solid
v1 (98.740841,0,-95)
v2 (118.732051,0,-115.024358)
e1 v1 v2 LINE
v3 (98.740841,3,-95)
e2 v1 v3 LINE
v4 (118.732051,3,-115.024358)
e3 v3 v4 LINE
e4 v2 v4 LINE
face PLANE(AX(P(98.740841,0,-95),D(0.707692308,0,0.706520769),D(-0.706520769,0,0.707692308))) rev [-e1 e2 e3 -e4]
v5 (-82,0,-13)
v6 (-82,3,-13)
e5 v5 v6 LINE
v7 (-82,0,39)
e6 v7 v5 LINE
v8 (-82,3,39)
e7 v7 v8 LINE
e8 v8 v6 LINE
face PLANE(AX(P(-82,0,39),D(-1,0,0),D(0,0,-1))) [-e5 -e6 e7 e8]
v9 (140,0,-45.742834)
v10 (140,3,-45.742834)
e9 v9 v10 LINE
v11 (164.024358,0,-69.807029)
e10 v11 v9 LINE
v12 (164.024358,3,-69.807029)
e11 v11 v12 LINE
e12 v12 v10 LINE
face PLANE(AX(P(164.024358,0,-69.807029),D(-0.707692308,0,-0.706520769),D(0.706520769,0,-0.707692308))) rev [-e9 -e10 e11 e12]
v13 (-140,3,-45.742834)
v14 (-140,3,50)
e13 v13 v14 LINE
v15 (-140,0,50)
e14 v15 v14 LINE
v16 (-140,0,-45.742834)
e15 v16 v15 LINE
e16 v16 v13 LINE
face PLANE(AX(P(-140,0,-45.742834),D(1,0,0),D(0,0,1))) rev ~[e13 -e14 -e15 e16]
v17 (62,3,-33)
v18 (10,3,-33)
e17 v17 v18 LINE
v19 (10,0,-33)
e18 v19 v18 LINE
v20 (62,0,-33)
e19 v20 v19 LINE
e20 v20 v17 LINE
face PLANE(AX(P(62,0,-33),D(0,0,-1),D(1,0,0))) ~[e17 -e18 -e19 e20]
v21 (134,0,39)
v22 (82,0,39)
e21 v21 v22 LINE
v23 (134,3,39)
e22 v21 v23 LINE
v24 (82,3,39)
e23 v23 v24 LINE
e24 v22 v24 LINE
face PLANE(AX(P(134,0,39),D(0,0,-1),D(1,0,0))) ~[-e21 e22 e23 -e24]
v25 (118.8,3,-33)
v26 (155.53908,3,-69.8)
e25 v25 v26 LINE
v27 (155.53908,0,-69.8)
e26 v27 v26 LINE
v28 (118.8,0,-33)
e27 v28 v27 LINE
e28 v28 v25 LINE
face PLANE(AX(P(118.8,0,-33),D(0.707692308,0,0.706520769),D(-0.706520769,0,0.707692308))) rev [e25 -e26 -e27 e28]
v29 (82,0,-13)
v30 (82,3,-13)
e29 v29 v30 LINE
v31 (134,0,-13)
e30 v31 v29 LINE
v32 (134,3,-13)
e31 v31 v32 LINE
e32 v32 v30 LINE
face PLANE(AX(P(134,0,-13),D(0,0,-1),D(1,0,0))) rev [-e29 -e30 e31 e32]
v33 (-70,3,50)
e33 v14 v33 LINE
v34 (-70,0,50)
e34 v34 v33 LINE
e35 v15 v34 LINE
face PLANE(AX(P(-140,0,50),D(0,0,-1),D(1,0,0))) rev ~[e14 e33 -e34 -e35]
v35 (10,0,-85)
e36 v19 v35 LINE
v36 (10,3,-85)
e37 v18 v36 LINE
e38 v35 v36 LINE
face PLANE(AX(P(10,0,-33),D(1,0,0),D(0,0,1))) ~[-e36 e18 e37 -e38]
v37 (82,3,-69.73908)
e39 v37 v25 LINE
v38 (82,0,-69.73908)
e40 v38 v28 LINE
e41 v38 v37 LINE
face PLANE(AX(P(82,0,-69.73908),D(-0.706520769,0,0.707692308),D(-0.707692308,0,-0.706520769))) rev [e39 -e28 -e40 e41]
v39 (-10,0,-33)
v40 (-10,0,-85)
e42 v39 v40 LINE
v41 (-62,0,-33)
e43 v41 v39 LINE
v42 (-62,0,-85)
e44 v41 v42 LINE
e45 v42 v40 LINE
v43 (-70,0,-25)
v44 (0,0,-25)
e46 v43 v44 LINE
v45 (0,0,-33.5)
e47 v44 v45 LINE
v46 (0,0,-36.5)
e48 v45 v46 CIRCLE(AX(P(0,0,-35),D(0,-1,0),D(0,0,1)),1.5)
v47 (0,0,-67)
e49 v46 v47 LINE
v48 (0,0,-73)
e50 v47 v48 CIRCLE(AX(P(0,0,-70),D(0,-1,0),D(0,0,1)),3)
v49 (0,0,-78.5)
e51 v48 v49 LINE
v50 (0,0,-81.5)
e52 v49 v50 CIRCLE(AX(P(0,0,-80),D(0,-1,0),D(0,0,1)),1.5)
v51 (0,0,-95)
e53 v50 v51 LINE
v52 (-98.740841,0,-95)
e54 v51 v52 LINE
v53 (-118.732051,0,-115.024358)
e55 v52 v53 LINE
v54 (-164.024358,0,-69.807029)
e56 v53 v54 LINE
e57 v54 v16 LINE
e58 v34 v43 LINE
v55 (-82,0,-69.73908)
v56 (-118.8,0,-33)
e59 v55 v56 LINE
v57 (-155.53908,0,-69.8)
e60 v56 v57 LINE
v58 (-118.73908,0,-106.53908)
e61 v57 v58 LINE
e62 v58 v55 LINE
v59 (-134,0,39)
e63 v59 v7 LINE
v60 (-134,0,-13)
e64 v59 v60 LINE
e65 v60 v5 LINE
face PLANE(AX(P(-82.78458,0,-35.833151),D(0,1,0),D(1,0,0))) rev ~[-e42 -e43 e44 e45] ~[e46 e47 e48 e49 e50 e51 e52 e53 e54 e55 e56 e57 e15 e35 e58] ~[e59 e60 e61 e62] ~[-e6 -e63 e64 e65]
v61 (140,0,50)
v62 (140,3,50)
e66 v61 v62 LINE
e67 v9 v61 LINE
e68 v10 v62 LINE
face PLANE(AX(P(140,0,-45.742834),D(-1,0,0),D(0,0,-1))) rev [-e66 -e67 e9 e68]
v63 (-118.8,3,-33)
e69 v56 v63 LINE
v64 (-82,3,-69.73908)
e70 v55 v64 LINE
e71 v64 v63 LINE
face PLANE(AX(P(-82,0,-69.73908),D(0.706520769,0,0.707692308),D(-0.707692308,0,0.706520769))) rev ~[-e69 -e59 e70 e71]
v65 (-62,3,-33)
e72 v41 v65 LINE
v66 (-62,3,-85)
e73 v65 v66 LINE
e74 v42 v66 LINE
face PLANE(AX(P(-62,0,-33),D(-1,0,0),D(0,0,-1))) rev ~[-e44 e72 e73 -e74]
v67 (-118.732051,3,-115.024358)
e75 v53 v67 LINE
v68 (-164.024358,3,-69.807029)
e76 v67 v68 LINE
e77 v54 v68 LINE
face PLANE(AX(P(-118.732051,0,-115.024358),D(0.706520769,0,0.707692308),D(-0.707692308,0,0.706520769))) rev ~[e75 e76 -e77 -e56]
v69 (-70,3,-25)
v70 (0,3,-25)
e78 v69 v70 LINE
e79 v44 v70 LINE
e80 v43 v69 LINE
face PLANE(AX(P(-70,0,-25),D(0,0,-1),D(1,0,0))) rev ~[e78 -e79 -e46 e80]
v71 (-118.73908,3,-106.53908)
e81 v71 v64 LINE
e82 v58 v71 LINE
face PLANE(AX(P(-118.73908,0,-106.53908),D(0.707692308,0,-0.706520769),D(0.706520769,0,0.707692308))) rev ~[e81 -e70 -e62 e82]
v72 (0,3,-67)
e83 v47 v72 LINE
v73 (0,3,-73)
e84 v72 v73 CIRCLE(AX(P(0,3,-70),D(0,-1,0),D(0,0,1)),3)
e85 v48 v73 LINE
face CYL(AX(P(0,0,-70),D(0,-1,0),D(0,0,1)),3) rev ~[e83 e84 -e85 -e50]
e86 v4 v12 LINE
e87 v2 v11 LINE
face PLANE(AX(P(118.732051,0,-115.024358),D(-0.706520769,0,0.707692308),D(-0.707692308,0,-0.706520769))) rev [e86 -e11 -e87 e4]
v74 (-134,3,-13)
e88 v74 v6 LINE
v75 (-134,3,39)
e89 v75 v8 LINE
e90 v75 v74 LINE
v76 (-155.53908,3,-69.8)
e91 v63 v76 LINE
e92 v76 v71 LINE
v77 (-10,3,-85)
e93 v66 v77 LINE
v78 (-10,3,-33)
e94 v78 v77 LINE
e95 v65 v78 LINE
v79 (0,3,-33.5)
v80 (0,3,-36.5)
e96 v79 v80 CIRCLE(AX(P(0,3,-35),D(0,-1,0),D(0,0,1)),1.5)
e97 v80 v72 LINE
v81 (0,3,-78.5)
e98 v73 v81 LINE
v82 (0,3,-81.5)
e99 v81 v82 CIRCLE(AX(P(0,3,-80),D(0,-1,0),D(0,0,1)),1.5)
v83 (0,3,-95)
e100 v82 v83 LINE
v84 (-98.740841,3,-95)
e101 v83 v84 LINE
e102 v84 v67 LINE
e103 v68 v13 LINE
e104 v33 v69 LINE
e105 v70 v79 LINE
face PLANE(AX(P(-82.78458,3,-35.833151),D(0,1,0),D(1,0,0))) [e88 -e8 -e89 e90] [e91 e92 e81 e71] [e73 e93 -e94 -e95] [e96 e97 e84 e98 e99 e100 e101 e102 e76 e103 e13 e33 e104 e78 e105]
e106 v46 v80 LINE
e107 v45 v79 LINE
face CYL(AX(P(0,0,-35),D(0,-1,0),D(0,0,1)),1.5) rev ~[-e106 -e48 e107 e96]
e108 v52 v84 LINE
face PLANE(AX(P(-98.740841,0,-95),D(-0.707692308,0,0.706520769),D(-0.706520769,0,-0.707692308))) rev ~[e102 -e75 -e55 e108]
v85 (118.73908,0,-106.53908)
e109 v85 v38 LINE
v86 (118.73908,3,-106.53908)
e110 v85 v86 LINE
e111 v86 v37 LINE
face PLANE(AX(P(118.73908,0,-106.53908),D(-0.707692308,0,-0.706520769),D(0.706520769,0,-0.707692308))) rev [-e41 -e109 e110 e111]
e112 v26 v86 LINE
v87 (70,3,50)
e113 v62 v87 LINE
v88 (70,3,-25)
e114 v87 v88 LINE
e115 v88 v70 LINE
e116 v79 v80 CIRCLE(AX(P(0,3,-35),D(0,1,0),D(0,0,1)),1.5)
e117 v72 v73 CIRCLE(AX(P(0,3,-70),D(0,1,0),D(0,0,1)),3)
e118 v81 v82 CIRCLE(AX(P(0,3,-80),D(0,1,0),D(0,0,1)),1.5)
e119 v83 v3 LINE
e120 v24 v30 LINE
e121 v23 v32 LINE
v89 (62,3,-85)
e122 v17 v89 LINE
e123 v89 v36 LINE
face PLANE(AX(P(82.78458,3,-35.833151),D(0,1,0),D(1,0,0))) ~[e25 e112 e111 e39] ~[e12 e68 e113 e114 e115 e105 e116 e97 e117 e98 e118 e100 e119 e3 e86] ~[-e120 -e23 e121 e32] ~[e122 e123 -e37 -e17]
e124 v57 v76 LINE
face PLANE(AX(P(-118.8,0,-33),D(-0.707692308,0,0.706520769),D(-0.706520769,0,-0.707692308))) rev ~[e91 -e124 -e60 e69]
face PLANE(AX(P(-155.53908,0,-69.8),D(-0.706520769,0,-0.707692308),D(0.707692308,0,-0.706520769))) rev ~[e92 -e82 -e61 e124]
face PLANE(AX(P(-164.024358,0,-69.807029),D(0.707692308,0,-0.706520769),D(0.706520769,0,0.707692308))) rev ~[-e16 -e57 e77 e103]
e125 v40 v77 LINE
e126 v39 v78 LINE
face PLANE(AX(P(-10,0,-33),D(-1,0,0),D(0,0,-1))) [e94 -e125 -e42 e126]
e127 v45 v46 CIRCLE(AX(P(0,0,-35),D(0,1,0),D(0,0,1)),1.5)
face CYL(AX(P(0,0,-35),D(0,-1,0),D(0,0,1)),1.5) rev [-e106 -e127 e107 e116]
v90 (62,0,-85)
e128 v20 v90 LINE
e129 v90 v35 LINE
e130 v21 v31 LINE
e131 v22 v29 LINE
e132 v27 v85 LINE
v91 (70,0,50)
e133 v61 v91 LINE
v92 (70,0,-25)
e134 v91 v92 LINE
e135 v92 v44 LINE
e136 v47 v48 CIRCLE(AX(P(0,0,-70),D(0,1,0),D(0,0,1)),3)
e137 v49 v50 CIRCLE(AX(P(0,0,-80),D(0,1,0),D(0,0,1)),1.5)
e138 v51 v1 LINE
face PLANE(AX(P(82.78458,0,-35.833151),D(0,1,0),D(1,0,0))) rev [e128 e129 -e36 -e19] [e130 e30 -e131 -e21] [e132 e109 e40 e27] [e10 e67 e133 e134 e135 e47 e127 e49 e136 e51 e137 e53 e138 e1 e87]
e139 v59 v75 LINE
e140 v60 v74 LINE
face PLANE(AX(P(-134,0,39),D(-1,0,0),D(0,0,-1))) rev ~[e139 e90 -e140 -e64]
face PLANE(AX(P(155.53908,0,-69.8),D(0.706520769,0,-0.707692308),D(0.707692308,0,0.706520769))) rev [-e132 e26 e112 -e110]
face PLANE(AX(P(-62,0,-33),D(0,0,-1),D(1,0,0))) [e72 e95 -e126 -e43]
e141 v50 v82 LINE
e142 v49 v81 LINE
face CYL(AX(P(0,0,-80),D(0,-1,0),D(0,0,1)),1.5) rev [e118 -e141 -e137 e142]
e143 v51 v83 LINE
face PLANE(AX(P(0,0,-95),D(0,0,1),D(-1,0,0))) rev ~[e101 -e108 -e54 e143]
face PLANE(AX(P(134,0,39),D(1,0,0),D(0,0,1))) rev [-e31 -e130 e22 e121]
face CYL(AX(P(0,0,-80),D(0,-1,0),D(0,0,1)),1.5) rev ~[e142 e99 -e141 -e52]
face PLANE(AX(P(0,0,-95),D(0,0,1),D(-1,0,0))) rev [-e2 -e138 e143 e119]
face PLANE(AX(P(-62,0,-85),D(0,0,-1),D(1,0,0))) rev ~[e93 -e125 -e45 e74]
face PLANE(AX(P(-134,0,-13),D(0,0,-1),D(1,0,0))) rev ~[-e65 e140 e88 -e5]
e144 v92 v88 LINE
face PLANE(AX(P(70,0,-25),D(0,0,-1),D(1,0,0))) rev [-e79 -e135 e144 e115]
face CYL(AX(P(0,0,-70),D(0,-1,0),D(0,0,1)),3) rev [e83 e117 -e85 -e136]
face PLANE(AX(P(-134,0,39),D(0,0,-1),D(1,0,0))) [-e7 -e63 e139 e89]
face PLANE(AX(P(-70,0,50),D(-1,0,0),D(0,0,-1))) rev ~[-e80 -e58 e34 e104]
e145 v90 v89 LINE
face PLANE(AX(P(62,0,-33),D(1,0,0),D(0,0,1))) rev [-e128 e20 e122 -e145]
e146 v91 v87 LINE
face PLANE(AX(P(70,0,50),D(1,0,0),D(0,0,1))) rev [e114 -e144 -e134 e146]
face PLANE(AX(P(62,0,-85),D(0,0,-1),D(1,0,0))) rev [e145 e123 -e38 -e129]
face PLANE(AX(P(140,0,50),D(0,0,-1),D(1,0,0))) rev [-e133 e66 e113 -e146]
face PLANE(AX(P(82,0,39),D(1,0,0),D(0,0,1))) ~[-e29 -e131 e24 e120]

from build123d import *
from build123d.topology import SkipClean

# Parameters (mm, degrees)
SKETCH_1_W      = 52
SKETCH_1_H      = 52
EXTRUDE_1_DEPTH = 3


with BuildPart() as part:
    # 草图1 → 凸台-拉伸1 (new body)
    with BuildSketch(Plane(origin=(0, 0, 0), x_dir=(1, 0, 0), z_dir=(0, 1, 0))):
        with BuildLine():
            Line((-140, -50), (-70, -50))
            Line((-70, -50), (-70, 25))
            Line((-70, 25), (0, 25))
            Line((0, 25), (0, 33.5))
            ThreePointArc((0, 33.5), (-1.5, 35), (0, 36.5))
            Line((0, 36.5), (0, 67))
            ThreePointArc((0, 67), (-3, 70), (0, 73))
            Line((0, 73), (0, 78.5))
            ThreePointArc((0, 78.5), (-1.5, 80), (0, 81.5))
            Line((0, 81.5), (0, 95))
            Line((0, 95), (-98.740841322, 95))
            Line((-98.740841322, 95), (-118.732050781, 115.024358473))
            Line((-118.732050781, 115.024358473), (-164.024358473, 69.80702923))
            Line((-164.024358473, 69.80702923), (-140, 45.742834058))
            Line((-140, 45.742834058), (-140, -50))
        make_face()
        Polygon((-82, 69.73908001), (-118.8, 33), (-155.53908001, 69.8), (-118.73908001, 106.53908001), align=None, mode=Mode.SUBTRACT)
        with Locations((-36, 59)):
            Rectangle(SKETCH_1_W, SKETCH_1_H, mode=Mode.SUBTRACT)
        with Locations((-108, -13)):
            Rectangle(SKETCH_1_W, SKETCH_1_H, mode=Mode.SUBTRACT)
    extrude_1 = extrude(amount=EXTRUDE_1_DEPTH)

    # 镜向1: 凸台-拉伸1 across plane
    with SkipClean():  # the faces are left unmerged after this step: merging them gives an invalid solid
        add(extrude_1.mirror(Plane(origin=(0, 3, -36.5), x_dir=(0, 0, 1), z_dir=(-1, 0, 0))))


solid = part.part
